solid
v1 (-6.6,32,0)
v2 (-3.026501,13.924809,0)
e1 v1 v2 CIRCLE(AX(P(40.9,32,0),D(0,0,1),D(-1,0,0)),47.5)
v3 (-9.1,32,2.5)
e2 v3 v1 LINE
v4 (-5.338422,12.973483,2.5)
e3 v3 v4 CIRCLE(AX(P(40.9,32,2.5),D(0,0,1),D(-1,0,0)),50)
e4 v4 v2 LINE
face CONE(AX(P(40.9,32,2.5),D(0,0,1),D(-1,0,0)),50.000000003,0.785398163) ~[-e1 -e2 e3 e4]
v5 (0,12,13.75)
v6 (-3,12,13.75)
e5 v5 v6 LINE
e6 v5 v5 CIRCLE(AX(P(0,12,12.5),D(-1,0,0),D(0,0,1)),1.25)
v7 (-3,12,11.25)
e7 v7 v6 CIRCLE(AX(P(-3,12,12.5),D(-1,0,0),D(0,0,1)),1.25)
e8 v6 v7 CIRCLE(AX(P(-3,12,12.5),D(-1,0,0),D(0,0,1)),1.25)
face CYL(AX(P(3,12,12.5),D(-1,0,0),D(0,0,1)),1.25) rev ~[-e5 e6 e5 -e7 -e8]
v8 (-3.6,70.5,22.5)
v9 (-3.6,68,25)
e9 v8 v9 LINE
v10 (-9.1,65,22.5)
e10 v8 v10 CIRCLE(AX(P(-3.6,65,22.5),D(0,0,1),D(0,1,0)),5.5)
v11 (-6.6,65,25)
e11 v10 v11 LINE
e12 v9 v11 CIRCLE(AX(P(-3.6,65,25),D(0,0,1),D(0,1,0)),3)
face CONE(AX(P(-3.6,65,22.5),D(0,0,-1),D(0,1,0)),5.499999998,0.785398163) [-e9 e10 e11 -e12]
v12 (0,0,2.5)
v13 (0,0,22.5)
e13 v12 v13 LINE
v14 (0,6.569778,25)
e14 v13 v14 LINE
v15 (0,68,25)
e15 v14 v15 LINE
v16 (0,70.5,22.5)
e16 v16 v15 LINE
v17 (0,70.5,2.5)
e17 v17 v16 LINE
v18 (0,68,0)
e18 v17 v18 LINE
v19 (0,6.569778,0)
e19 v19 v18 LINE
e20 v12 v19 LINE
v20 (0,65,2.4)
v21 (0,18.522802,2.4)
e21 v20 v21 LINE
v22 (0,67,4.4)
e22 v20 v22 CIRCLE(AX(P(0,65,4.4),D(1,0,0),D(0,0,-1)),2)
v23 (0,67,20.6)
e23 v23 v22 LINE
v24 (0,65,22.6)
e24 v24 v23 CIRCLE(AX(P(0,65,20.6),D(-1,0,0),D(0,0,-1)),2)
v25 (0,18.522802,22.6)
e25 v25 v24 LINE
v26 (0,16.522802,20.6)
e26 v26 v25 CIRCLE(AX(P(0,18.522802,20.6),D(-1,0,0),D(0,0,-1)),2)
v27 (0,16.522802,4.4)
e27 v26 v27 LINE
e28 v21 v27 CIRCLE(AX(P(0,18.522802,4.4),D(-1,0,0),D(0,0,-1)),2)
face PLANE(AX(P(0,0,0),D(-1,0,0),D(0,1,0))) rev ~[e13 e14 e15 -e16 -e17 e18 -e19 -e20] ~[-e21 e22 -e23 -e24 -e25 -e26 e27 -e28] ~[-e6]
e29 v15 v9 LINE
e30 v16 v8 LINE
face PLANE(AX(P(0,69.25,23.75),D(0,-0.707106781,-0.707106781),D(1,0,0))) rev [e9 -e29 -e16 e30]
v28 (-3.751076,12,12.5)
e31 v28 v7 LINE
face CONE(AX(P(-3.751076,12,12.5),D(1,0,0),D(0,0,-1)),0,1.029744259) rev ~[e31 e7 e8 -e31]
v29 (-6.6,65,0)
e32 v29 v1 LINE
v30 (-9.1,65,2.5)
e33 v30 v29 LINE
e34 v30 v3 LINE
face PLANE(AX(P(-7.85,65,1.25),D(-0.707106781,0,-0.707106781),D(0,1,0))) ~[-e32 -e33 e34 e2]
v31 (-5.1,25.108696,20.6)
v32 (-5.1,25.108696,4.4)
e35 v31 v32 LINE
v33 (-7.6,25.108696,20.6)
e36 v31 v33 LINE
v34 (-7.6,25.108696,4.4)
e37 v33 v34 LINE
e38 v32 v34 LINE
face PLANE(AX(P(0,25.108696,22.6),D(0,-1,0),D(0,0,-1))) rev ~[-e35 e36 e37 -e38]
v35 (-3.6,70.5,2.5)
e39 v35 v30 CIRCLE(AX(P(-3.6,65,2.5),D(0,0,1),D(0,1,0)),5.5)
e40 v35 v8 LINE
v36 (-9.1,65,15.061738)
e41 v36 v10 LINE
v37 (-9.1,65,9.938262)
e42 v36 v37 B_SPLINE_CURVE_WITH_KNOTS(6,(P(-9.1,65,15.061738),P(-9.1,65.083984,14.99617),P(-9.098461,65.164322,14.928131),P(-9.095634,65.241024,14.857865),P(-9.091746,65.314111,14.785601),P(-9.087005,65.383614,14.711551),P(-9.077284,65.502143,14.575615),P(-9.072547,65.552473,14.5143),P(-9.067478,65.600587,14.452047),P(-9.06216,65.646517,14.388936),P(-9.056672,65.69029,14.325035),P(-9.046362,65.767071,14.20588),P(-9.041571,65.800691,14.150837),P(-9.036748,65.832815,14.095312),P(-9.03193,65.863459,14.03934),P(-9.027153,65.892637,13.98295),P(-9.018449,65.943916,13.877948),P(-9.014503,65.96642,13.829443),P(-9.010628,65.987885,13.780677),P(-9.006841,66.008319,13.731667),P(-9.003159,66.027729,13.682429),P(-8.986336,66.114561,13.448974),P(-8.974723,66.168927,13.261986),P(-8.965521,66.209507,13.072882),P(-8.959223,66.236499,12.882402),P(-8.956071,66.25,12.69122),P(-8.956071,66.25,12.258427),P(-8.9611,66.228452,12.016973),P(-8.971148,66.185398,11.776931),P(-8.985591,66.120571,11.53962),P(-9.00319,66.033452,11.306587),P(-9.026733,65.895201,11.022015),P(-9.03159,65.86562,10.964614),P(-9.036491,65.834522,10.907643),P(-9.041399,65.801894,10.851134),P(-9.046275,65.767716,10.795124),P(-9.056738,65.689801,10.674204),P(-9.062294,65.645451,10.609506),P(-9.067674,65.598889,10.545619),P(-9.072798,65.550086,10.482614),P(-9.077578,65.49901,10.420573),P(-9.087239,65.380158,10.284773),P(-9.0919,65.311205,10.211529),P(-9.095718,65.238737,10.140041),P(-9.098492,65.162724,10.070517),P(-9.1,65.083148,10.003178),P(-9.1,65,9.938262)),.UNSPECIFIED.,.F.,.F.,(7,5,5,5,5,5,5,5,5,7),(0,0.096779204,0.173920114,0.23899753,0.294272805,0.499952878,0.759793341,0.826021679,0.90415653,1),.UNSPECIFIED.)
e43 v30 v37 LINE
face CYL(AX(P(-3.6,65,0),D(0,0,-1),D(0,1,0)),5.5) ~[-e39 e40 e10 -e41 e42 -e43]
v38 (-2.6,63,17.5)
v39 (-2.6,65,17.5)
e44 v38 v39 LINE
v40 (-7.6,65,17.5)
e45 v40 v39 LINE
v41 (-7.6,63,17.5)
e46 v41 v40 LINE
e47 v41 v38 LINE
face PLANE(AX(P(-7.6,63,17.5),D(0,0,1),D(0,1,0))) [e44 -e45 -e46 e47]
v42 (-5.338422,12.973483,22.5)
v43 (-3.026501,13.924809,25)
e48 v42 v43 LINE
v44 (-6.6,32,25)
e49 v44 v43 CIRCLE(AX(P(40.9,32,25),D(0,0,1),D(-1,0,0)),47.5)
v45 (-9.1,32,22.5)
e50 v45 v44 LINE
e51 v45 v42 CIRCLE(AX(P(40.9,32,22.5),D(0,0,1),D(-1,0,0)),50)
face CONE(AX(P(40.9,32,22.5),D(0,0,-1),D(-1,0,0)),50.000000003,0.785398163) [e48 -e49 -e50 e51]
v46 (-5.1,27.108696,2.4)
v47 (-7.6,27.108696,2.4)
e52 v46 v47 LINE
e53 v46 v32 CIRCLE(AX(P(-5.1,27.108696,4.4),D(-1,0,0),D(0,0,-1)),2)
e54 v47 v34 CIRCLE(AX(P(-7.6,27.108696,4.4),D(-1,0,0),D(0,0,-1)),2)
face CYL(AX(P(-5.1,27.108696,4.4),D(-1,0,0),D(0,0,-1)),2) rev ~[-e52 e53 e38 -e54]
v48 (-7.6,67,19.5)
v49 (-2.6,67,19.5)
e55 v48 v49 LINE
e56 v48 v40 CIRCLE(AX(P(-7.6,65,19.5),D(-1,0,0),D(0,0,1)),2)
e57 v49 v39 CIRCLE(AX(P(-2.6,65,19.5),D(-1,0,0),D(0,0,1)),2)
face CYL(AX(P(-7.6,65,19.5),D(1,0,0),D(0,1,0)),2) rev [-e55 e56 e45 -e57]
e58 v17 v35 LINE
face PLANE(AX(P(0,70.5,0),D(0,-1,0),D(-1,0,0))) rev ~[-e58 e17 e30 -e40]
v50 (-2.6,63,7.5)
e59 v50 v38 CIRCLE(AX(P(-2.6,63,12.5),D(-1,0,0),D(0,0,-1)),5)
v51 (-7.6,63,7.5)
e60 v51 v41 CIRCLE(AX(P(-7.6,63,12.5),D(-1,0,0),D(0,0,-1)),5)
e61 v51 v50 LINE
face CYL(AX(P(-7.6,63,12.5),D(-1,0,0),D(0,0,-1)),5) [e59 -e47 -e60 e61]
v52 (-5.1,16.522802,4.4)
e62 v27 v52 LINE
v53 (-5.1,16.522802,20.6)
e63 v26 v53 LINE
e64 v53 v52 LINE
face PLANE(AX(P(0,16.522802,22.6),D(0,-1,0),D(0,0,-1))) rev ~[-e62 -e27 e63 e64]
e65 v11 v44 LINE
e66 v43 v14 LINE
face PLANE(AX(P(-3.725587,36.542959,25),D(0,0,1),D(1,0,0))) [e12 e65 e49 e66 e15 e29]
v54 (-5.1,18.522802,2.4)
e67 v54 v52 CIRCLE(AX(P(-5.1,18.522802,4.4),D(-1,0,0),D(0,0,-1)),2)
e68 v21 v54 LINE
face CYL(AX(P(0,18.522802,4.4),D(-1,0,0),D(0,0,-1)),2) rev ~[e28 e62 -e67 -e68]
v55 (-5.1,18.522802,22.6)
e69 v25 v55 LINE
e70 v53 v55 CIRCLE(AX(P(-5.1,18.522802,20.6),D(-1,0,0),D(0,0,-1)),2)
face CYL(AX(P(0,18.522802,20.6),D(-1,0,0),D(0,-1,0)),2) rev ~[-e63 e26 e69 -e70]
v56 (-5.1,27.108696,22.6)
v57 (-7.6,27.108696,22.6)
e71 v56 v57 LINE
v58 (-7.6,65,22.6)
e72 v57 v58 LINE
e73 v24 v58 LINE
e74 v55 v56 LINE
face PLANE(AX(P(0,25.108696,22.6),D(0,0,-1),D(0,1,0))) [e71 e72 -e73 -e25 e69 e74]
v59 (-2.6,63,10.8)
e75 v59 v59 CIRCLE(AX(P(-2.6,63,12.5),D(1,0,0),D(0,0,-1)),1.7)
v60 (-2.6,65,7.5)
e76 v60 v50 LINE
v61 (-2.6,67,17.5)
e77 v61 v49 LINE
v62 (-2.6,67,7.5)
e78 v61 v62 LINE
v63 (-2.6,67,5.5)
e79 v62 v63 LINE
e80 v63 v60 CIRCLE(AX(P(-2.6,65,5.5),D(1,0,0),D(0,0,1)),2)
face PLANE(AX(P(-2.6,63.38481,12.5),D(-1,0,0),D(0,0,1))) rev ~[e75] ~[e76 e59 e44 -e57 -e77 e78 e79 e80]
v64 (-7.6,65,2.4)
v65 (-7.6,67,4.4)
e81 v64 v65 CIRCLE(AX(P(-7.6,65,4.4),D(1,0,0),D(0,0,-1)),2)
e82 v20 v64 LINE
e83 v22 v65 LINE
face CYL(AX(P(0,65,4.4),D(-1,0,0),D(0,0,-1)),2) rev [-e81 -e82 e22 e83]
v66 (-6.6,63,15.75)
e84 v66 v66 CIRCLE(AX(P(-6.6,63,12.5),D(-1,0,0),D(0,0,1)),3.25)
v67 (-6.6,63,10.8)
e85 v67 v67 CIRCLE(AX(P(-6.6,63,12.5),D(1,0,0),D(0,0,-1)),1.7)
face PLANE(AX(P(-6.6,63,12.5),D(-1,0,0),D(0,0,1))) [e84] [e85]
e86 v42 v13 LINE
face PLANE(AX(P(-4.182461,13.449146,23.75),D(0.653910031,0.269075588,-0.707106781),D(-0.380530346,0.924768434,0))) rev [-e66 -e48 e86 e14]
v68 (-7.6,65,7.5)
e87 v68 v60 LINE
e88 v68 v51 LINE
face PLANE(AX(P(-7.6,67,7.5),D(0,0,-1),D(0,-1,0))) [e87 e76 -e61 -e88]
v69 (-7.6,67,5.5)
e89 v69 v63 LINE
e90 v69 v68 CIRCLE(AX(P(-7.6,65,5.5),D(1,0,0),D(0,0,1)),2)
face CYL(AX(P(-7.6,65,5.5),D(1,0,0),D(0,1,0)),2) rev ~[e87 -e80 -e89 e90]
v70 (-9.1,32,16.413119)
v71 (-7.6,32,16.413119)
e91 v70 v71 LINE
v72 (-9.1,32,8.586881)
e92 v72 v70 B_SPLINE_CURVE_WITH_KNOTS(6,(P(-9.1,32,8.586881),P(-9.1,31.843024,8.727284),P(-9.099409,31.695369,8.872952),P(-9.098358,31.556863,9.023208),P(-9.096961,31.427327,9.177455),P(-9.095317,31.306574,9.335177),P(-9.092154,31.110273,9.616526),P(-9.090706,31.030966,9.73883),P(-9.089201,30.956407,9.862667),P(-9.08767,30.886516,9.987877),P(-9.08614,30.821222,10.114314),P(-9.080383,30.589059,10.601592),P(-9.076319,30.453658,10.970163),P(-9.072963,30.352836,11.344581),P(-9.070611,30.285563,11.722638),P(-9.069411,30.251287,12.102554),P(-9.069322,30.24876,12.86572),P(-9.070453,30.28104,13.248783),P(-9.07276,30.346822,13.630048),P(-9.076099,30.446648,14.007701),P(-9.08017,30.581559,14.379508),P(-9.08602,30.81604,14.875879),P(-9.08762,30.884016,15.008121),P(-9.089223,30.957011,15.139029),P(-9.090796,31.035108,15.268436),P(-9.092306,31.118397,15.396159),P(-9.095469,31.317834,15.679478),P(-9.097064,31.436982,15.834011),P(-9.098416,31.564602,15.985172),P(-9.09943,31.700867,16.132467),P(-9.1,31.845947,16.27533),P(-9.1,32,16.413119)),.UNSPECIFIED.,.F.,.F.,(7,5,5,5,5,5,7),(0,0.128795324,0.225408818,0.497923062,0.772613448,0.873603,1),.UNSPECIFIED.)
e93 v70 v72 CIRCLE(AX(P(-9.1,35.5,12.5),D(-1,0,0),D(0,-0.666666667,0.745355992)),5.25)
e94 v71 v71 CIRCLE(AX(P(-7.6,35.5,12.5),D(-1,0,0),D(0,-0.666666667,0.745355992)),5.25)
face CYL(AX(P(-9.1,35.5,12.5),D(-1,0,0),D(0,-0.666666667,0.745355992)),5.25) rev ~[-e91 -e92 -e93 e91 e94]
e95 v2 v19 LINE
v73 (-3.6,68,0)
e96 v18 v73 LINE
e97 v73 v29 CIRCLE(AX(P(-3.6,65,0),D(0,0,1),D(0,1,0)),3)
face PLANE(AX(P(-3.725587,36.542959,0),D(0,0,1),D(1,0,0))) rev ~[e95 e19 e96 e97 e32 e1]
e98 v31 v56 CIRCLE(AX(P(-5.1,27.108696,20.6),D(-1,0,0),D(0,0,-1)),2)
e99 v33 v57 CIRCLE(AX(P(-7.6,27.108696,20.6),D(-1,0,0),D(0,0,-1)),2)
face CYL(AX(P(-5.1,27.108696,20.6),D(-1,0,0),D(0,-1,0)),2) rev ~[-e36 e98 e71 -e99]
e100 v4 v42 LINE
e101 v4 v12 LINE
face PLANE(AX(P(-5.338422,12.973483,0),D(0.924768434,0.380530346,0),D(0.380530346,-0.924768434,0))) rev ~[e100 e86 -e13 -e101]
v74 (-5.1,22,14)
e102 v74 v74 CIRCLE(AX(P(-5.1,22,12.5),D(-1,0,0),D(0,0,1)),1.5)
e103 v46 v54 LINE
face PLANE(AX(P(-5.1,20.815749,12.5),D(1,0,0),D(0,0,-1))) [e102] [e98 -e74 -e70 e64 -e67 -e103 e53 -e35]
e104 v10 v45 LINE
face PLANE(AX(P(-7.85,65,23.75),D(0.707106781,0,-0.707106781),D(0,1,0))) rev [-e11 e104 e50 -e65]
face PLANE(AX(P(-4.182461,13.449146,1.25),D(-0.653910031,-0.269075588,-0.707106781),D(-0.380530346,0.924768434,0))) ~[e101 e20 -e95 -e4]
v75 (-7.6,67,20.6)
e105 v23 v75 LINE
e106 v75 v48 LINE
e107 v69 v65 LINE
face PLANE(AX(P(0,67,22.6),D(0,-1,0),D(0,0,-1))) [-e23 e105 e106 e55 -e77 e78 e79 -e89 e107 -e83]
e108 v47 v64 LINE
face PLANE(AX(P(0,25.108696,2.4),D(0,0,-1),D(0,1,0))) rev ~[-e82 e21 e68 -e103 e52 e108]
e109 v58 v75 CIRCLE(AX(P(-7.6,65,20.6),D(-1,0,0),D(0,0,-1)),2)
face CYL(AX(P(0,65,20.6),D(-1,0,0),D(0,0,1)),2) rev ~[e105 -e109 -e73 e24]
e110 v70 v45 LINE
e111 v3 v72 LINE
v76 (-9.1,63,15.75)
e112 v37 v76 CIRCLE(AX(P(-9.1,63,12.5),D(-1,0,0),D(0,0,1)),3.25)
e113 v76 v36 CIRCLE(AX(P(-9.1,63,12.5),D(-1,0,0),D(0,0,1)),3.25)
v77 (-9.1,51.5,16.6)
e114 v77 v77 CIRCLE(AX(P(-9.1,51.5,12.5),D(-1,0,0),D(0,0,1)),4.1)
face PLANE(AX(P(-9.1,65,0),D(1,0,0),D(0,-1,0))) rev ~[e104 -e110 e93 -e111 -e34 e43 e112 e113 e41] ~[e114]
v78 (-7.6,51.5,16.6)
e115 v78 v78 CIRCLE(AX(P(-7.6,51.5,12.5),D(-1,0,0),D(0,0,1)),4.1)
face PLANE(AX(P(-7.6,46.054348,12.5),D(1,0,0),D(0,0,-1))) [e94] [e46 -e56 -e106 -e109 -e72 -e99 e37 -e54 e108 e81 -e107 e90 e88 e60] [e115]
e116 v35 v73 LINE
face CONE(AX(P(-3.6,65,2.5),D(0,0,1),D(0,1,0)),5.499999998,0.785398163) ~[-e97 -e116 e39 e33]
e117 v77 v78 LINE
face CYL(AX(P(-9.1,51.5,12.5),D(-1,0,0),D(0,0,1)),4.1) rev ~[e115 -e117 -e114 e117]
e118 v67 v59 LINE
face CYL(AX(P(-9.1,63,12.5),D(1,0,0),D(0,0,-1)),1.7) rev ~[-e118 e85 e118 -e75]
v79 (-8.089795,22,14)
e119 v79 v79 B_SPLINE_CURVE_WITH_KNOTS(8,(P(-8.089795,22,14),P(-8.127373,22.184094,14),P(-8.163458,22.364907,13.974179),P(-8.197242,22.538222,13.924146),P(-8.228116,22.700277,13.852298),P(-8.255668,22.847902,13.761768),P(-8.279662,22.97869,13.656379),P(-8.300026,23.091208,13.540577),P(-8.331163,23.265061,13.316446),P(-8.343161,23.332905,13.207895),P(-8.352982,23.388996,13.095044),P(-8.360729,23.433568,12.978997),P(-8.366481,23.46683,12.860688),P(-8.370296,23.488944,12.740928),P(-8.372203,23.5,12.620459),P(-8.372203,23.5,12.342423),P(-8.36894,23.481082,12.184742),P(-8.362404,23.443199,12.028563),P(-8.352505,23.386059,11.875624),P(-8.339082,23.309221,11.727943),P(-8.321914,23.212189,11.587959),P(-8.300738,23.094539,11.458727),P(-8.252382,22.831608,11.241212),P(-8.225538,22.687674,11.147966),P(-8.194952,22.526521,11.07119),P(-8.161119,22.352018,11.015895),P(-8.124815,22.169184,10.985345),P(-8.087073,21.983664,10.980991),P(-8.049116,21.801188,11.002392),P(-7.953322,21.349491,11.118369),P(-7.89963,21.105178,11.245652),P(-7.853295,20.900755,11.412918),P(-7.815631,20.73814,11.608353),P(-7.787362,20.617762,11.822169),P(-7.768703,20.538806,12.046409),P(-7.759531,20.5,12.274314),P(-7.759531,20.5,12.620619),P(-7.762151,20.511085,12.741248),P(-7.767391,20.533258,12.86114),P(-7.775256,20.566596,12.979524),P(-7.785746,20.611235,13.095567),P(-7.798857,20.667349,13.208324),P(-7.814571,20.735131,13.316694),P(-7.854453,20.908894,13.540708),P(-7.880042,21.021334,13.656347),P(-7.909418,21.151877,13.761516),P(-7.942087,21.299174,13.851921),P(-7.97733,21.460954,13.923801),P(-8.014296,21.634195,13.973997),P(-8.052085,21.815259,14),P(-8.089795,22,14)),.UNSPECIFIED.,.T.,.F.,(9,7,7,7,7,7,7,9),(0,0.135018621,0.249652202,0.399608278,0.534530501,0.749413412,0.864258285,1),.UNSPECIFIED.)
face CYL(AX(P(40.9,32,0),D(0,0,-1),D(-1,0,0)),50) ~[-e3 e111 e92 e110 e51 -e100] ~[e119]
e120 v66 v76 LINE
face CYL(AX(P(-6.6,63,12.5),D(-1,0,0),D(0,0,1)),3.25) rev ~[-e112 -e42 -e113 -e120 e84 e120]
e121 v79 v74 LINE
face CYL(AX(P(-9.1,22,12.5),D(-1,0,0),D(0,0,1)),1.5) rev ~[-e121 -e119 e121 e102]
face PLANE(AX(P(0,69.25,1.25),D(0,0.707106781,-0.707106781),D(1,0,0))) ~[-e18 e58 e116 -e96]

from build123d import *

# Parameters (mm, degrees)
EXTRUDE_1_DEPTH             = 25
CHAMFER_5_SIZE              = 2.5
SKETCH_6_W                  = 20.2
SKETCH_6_H                  = 41.891303575
CUT_EXTRUDE_2_DEPTH         = 7.6
SKETCH_7_R                  = 5.25
SKETCH_7_R_2                = 4.1
CUT_EXTRUDE_3_DEPTH         = 76.352903063
SKETCH_8_W                  = 20.2
SKETCH_8_H                  = 8.585894888
CUT_EXTRUDE_4_DEPTH         = 5.1
FILLET_2_R                  = 2
CUT_EXTRUDE_5_REACH         = 77.353
SKETCH_10_R                 = 1.5
M3X0_51_D                   = 2.5
M3X0_51_DEPTH               = 3
M3X0_51_TIP                 = 0.751075774
EXTRUDE_3_DEPTH             = 5
FILLET_3_R                  = 2
HOLE_WIZARD_M32_D           = 3.4
HOLE_WIZARD_M32_CBORE_D     = 6.5
HOLE_WIZARD_M32_CBORE_DEPTH = 2.5


with BuildPart() as part:
    # Эскиз1 → Бобышка-Вытянуть1 (new body)
    with BuildSketch(Plane.XY):
        with BuildLine():
            Line((0, 0), (0, 70.5))
            Line((0, 70.5), (-3.6, 70.5))
            ThreePointArc((-3.6, 70.5), (-7.489087297, 68.889087297), (-9.1, 65))
            Line((-9.1, 65), (-9.1, 32))
            ThreePointArc((-9.1, 32), (-8.15059166, 22.302605618), (-5.338421688, 12.97348272))
            Line((-5.338421688, 12.97348272), (0, 0))
        make_face()
    extrude(amount=EXTRUDE_1_DEPTH)

    # Фаска5
    chamfer_5_edges = [part.edges().sort_by_distance(p)[0] for p in [
        (-8.15059166, 22.302605618, 25),
        (-2.669210844, 6.48674136, 25),
        (-1.8, 70.5, 25),
        (-7.489087297, 68.889087297, 25),
        (-1.8, 70.5, 0),
        (-2.669210844, 6.48674136, 0),
        (-9.1, 48.5, 25),
        (-8.15059166, 22.302605618, 0),
        (-9.1, 48.5, 0),
        (-7.489087297, 68.889087297, 0),
    ]]
    chamfer(chamfer_5_edges, length=CHAMFER_5_SIZE)

    # Эскиз6 → Вырез-Вытянуть2 (cut)
    with BuildSketch(Plane(origin=(0, 0, 0), x_dir=(0, 0, -1), z_dir=(1, 0, 0))):
        with Locations((-12.5, 46.054348213)):
            Rectangle(SKETCH_6_W, SKETCH_6_H)
    extrude(amount=-CUT_EXTRUDE_2_DEPTH, mode=Mode.SUBTRACT)

    # Эскиз7 → Вырез-Вытянуть3 (cut, through all)
    with BuildSketch(Plane.ZY.offset(9.1)):
        with Locations(Location((12.5, 35.5, 0), (0, 0, 318.189685104))):
            Circle(SKETCH_7_R)
        with Locations((12.5, 51.5)):
            Circle(SKETCH_7_R_2)
    extrude(amount=-CUT_EXTRUDE_3_DEPTH, mode=Mode.SUBTRACT)

    # Эскиз8 → Вырез-Вытянуть4 (cut)
    with BuildSketch(Plane(origin=(0, 0, 0), x_dir=(0, 0, -1), z_dir=(1, 0, 0))):
        with Locations((-12.5, 20.815748981)):
            Rectangle(SKETCH_8_W, SKETCH_8_H)
    extrude(amount=-CUT_EXTRUDE_4_DEPTH, mode=Mode.SUBTRACT)

    # Скругление2
    fillet_2_edges = [part.edges().sort_by_distance(p)[0] for p in [
        (-3.8, 67, 2.4),
        (-6.35, 25.108696425, 2.4),
        (-6.35, 25.108696425, 22.6),
        (-3.8, 67, 22.6),
        (-2.55, 16.522801537, 22.6),
        (-2.55, 16.522801537, 2.4),
    ]]
    fillet(fillet_2_edges, radius=FILLET_2_R)

    # Эскиз10 → Вырез-Вытянуть5 (cut, up to next)
    with BuildSketch(Plane.ZY.offset(9.1), mode=Mode.PRIVATE) as cut_extrude_5_sk1:
        with Locations((12.5, 22)):
            Circle(SKETCH_10_R)
    cut_extrude_5_tool1 = extrude(cut_extrude_5_sk1.sketch, amount=-CUT_EXTRUDE_5_REACH, mode=Mode.PRIVATE) & part.part
    add(cut_extrude_5_tool1.solids().sort_by_distance((-9.1, 22, 12.5))[0], mode=Mode.SUBTRACT)

    # Отверстие обработанное метчиком M3x0.51
    with Locations(Plane(origin=(0, 0, 0), x_dir=(0, 0, -1), z_dir=(1, 0, 0))):
        with Locations((-12.5, 12)):
            Hole(M3X0_51_D / 2, depth=M3X0_51_DEPTH)
            with Locations((0, 0, -(M3X0_51_DEPTH + M3X0_51_TIP / 2))):  # 118° drill point
                Cone(0, M3X0_51_D / 2, M3X0_51_TIP, mode=Mode.SUBTRACT)

    # Эскиз22 → Бобышка-Вытянуть3 (add)
    with BuildSketch(Plane(origin=(-7.6, 0, 0), x_dir=(0, 0, -1), z_dir=(1, 0, 0))):
        with BuildLine():
            Line((-17.5, 63), (-17.5, 67))
            Line((-17.5, 67), (-7.5, 67))
            Line((-7.5, 67), (-7.5, 63))
            ThreePointArc((-7.5, 63), (-12.5, 58), (-17.5, 63))
        make_face()
    extrude(amount=EXTRUDE_3_DEPTH)

    # Скругление3
    fillet_3_edges = [part.edges().sort_by_distance(p)[0] for p in [
        (-5.1, 67, 7.5),
        (-5.1, 67, 17.5),
    ]]
    fillet(fillet_3_edges, radius=FILLET_3_R)

    # Цековка для винта с внутренним шестигранником M32 (through all)
    with Locations(Plane.ZY.offset(9.1)):
        with Locations((12.5, 63)):
            CounterBoreHole(HOLE_WIZARD_M32_D / 2, HOLE_WIZARD_M32_CBORE_D / 2, HOLE_WIZARD_M32_CBORE_DEPTH)


solid = part.part
